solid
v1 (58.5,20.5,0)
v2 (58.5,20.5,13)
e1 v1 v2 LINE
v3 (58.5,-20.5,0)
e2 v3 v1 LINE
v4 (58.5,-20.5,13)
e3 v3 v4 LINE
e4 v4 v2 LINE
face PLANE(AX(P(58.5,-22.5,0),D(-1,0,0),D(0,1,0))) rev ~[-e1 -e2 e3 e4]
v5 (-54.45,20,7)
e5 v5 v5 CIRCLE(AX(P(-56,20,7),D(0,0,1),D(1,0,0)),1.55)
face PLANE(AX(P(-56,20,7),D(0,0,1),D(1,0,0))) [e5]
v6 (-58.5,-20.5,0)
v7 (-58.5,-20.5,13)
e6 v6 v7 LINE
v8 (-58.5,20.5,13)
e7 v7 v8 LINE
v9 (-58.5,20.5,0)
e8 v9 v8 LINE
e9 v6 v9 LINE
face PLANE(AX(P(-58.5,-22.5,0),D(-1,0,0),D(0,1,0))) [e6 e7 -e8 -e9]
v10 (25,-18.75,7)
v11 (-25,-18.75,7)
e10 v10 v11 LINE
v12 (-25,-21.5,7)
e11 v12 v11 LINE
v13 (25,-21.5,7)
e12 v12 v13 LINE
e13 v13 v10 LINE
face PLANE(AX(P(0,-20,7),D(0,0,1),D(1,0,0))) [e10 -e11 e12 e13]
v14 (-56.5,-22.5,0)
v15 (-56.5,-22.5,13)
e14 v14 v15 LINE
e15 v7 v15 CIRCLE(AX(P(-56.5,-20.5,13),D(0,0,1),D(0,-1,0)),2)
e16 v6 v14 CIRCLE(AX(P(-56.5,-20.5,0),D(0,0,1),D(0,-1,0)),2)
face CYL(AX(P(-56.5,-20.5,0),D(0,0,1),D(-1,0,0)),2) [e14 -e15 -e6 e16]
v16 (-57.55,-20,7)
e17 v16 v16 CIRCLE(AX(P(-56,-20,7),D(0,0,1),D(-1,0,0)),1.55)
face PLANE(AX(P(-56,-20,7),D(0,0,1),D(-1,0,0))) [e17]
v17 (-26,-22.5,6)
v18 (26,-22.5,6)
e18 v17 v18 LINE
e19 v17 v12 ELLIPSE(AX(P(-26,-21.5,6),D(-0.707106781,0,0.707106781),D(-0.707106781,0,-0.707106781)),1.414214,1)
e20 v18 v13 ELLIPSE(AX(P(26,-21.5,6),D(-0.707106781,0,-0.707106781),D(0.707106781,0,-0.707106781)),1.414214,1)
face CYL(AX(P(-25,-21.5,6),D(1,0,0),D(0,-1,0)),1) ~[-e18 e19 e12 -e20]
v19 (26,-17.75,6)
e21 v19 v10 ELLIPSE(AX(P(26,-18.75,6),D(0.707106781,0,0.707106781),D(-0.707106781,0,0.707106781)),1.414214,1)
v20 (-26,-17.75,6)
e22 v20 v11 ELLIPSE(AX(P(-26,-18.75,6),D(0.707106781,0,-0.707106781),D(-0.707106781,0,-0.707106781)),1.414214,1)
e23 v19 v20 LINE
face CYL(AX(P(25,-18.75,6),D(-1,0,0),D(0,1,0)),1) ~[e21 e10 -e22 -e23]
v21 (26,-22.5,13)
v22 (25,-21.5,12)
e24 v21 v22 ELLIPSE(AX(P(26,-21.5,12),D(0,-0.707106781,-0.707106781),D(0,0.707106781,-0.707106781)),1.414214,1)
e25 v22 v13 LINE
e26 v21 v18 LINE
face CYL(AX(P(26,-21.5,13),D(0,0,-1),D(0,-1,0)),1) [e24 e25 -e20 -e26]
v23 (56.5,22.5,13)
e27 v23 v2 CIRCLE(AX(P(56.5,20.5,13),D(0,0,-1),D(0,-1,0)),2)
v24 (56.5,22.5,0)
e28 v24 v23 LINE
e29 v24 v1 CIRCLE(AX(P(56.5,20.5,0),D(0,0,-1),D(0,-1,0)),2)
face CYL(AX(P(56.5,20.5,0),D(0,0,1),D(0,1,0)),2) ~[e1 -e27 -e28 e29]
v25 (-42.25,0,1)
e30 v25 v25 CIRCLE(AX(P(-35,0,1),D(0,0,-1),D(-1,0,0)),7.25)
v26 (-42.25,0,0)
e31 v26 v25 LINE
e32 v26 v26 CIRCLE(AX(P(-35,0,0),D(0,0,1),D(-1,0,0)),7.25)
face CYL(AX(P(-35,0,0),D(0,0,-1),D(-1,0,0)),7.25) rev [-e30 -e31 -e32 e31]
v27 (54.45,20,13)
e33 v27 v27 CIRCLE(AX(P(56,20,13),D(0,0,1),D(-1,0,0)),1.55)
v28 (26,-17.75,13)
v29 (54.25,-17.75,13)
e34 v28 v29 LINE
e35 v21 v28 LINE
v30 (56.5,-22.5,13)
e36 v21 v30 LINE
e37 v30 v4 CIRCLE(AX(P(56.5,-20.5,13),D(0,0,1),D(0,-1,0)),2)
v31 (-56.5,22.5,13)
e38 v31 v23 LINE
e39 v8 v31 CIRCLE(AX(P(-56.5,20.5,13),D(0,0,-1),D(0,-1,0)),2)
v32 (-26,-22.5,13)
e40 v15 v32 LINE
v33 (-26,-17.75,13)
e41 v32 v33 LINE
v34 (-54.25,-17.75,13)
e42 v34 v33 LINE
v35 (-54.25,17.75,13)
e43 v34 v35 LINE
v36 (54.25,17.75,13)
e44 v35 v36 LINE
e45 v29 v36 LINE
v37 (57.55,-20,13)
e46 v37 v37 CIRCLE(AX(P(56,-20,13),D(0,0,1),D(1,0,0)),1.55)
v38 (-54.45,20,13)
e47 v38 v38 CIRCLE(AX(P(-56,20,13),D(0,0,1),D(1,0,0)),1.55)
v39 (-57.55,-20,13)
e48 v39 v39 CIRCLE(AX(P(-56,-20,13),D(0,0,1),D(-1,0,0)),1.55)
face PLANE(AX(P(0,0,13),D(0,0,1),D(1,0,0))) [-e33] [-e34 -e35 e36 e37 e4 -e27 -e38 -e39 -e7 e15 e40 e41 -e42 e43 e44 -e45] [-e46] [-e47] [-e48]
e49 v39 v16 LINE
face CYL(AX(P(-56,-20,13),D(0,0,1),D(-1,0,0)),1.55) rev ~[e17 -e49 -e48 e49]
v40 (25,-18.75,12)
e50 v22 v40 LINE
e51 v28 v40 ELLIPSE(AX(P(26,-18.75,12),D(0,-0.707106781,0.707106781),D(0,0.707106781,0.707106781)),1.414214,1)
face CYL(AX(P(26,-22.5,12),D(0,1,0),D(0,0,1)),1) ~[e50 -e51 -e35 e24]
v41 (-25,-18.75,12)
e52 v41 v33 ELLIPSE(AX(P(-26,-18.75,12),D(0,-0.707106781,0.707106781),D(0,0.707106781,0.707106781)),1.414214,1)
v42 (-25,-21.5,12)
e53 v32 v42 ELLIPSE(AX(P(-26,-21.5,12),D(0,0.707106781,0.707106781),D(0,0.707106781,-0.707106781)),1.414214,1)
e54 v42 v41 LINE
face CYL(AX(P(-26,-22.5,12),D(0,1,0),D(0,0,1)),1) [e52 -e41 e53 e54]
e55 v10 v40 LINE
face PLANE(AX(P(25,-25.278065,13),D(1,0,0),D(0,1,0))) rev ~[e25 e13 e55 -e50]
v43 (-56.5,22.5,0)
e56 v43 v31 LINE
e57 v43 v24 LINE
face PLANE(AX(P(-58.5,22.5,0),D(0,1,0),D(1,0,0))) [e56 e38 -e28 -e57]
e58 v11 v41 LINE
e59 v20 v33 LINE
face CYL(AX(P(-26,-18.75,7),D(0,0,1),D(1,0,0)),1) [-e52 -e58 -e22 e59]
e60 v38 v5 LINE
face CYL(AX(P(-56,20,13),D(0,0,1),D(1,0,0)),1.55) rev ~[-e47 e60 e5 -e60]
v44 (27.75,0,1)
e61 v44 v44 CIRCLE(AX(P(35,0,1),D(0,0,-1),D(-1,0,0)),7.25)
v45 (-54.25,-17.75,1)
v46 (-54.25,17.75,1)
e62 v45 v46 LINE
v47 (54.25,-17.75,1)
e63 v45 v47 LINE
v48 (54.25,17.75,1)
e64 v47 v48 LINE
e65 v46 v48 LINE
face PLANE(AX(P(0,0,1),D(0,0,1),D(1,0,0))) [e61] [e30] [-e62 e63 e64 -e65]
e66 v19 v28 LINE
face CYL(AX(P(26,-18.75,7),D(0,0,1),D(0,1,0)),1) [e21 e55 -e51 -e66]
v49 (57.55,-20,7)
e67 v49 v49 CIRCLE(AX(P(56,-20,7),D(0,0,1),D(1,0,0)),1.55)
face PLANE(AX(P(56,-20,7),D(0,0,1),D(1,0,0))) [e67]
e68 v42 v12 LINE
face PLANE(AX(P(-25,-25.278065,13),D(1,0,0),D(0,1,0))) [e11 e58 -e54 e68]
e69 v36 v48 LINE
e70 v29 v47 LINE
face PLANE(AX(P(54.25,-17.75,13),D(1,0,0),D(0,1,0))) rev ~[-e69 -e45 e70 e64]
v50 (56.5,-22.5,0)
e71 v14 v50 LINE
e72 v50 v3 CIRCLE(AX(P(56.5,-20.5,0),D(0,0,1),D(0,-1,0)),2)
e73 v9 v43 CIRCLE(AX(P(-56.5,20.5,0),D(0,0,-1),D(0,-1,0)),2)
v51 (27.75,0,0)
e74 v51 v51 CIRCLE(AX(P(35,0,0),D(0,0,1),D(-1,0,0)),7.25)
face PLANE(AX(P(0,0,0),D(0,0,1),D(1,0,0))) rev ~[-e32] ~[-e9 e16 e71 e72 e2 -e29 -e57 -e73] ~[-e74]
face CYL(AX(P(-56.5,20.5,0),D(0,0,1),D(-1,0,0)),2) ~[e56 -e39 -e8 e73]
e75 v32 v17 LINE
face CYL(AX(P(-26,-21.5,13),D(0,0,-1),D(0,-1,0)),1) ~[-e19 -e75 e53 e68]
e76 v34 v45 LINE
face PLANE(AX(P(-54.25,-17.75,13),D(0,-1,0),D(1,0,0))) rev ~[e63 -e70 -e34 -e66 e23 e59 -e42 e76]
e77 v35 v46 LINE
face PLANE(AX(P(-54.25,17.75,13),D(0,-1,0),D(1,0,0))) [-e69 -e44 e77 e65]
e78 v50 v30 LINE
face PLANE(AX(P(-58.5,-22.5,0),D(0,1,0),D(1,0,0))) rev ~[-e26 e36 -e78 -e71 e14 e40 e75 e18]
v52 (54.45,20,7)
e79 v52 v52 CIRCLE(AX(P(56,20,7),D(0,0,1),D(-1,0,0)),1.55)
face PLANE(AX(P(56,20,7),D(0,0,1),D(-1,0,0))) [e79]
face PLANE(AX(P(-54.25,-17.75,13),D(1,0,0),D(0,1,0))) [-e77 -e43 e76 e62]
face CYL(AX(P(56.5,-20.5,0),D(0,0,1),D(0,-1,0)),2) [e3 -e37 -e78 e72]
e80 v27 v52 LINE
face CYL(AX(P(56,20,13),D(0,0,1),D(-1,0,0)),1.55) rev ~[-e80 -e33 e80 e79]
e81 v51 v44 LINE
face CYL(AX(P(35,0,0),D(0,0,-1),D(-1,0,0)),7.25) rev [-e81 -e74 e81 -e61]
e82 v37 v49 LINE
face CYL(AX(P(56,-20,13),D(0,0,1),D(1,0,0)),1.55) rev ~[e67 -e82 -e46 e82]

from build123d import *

# Parameters (mm, degrees)
SKETCH_1_W          = 117
SKETCH_1_H          = 45
SKETCH_1_R          = 7.25
EXTRUDE_1_DEPTH     = 13
SKETCH_2_W          = 108.5
SKETCH_2_H          = 35.5
CUT_EXTRUDE_1_DEPTH = 12
SKETCH_3_R          = 1.55
CUT_EXTRUDE_2_DEPTH = 6
SKETCH_4_W          = 50
SKETCH_4_H          = 10.556130204
CUT_EXTRUDE_3_DEPTH = 6
FILLET_1_R          = 2
FILLET_2_R          = 1


with BuildPart() as part:
    # 草图1 → 凸台-拉伸1 (new body)
    with BuildSketch(Plane.XY):
        Rectangle(SKETCH_1_W, SKETCH_1_H)
        with Locations(Location((-35, 0, 0), (0, 0, 180))):
            Circle(SKETCH_1_R, mode=Mode.SUBTRACT)
        with Locations(Location((35, 0, 0), (0, 0, 180))):
            Circle(SKETCH_1_R, mode=Mode.SUBTRACT)
    extrude(amount=EXTRUDE_1_DEPTH)

    # 草图2 → 切除-拉伸1 (cut)
    with BuildSketch(Plane.XY.offset(13)):
        Rectangle(SKETCH_2_W, SKETCH_2_H)
    extrude(amount=-CUT_EXTRUDE_1_DEPTH, mode=Mode.SUBTRACT)

    # 草图3 → 切除-拉伸2 (cut)
    with BuildSketch(Plane.XY.offset(13)):
        with Locations((-56, 20)):
            Circle(SKETCH_3_R)
        with Locations(Location((-56, -20, 0), (0, 0, 180))):
            Circle(SKETCH_3_R)
        with Locations((56, -20)):
            Circle(SKETCH_3_R)
        with Locations(Location((56, 20, 0), (0, 0, 180))):
            Circle(SKETCH_3_R)
    extrude(amount=-CUT_EXTRUDE_2_DEPTH, mode=Mode.SUBTRACT)

    # 草图4 → 切除-拉伸3 (cut)
    with BuildSketch(Plane.XY.offset(13)):
        with Locations((0, -20)):
            Rectangle(SKETCH_4_W, SKETCH_4_H)
    extrude(amount=-CUT_EXTRUDE_3_DEPTH, mode=Mode.SUBTRACT)

    # 圆角1
    fillet_1_edges = [part.edges().sort_by_distance(p)[0] for p in [
        (58.5, -22.5, 6.5),
        (-58.5, -22.5, 6.5),
        (-58.5, 22.5, 6.5),
        (58.5, 22.5, 6.5),
    ]]
    fillet(fillet_1_edges, radius=FILLET_1_R)

    # 圆角2
    fillet_2_edges = [part.edges().sort_by_distance(p)[0] for p in [
        (0, -17.75, 7),
        (25, -17.75, 10),
        (-25, -17.75, 10),
        (-25, -22.5, 10),
        (25, -22.5, 10),
        (0, -22.5, 7),
        (-25, -20.125, 13),
        (25, -20.125, 13),
    ]]
    fillet(fillet_2_edges, radius=FILLET_2_R)


solid = part.part
